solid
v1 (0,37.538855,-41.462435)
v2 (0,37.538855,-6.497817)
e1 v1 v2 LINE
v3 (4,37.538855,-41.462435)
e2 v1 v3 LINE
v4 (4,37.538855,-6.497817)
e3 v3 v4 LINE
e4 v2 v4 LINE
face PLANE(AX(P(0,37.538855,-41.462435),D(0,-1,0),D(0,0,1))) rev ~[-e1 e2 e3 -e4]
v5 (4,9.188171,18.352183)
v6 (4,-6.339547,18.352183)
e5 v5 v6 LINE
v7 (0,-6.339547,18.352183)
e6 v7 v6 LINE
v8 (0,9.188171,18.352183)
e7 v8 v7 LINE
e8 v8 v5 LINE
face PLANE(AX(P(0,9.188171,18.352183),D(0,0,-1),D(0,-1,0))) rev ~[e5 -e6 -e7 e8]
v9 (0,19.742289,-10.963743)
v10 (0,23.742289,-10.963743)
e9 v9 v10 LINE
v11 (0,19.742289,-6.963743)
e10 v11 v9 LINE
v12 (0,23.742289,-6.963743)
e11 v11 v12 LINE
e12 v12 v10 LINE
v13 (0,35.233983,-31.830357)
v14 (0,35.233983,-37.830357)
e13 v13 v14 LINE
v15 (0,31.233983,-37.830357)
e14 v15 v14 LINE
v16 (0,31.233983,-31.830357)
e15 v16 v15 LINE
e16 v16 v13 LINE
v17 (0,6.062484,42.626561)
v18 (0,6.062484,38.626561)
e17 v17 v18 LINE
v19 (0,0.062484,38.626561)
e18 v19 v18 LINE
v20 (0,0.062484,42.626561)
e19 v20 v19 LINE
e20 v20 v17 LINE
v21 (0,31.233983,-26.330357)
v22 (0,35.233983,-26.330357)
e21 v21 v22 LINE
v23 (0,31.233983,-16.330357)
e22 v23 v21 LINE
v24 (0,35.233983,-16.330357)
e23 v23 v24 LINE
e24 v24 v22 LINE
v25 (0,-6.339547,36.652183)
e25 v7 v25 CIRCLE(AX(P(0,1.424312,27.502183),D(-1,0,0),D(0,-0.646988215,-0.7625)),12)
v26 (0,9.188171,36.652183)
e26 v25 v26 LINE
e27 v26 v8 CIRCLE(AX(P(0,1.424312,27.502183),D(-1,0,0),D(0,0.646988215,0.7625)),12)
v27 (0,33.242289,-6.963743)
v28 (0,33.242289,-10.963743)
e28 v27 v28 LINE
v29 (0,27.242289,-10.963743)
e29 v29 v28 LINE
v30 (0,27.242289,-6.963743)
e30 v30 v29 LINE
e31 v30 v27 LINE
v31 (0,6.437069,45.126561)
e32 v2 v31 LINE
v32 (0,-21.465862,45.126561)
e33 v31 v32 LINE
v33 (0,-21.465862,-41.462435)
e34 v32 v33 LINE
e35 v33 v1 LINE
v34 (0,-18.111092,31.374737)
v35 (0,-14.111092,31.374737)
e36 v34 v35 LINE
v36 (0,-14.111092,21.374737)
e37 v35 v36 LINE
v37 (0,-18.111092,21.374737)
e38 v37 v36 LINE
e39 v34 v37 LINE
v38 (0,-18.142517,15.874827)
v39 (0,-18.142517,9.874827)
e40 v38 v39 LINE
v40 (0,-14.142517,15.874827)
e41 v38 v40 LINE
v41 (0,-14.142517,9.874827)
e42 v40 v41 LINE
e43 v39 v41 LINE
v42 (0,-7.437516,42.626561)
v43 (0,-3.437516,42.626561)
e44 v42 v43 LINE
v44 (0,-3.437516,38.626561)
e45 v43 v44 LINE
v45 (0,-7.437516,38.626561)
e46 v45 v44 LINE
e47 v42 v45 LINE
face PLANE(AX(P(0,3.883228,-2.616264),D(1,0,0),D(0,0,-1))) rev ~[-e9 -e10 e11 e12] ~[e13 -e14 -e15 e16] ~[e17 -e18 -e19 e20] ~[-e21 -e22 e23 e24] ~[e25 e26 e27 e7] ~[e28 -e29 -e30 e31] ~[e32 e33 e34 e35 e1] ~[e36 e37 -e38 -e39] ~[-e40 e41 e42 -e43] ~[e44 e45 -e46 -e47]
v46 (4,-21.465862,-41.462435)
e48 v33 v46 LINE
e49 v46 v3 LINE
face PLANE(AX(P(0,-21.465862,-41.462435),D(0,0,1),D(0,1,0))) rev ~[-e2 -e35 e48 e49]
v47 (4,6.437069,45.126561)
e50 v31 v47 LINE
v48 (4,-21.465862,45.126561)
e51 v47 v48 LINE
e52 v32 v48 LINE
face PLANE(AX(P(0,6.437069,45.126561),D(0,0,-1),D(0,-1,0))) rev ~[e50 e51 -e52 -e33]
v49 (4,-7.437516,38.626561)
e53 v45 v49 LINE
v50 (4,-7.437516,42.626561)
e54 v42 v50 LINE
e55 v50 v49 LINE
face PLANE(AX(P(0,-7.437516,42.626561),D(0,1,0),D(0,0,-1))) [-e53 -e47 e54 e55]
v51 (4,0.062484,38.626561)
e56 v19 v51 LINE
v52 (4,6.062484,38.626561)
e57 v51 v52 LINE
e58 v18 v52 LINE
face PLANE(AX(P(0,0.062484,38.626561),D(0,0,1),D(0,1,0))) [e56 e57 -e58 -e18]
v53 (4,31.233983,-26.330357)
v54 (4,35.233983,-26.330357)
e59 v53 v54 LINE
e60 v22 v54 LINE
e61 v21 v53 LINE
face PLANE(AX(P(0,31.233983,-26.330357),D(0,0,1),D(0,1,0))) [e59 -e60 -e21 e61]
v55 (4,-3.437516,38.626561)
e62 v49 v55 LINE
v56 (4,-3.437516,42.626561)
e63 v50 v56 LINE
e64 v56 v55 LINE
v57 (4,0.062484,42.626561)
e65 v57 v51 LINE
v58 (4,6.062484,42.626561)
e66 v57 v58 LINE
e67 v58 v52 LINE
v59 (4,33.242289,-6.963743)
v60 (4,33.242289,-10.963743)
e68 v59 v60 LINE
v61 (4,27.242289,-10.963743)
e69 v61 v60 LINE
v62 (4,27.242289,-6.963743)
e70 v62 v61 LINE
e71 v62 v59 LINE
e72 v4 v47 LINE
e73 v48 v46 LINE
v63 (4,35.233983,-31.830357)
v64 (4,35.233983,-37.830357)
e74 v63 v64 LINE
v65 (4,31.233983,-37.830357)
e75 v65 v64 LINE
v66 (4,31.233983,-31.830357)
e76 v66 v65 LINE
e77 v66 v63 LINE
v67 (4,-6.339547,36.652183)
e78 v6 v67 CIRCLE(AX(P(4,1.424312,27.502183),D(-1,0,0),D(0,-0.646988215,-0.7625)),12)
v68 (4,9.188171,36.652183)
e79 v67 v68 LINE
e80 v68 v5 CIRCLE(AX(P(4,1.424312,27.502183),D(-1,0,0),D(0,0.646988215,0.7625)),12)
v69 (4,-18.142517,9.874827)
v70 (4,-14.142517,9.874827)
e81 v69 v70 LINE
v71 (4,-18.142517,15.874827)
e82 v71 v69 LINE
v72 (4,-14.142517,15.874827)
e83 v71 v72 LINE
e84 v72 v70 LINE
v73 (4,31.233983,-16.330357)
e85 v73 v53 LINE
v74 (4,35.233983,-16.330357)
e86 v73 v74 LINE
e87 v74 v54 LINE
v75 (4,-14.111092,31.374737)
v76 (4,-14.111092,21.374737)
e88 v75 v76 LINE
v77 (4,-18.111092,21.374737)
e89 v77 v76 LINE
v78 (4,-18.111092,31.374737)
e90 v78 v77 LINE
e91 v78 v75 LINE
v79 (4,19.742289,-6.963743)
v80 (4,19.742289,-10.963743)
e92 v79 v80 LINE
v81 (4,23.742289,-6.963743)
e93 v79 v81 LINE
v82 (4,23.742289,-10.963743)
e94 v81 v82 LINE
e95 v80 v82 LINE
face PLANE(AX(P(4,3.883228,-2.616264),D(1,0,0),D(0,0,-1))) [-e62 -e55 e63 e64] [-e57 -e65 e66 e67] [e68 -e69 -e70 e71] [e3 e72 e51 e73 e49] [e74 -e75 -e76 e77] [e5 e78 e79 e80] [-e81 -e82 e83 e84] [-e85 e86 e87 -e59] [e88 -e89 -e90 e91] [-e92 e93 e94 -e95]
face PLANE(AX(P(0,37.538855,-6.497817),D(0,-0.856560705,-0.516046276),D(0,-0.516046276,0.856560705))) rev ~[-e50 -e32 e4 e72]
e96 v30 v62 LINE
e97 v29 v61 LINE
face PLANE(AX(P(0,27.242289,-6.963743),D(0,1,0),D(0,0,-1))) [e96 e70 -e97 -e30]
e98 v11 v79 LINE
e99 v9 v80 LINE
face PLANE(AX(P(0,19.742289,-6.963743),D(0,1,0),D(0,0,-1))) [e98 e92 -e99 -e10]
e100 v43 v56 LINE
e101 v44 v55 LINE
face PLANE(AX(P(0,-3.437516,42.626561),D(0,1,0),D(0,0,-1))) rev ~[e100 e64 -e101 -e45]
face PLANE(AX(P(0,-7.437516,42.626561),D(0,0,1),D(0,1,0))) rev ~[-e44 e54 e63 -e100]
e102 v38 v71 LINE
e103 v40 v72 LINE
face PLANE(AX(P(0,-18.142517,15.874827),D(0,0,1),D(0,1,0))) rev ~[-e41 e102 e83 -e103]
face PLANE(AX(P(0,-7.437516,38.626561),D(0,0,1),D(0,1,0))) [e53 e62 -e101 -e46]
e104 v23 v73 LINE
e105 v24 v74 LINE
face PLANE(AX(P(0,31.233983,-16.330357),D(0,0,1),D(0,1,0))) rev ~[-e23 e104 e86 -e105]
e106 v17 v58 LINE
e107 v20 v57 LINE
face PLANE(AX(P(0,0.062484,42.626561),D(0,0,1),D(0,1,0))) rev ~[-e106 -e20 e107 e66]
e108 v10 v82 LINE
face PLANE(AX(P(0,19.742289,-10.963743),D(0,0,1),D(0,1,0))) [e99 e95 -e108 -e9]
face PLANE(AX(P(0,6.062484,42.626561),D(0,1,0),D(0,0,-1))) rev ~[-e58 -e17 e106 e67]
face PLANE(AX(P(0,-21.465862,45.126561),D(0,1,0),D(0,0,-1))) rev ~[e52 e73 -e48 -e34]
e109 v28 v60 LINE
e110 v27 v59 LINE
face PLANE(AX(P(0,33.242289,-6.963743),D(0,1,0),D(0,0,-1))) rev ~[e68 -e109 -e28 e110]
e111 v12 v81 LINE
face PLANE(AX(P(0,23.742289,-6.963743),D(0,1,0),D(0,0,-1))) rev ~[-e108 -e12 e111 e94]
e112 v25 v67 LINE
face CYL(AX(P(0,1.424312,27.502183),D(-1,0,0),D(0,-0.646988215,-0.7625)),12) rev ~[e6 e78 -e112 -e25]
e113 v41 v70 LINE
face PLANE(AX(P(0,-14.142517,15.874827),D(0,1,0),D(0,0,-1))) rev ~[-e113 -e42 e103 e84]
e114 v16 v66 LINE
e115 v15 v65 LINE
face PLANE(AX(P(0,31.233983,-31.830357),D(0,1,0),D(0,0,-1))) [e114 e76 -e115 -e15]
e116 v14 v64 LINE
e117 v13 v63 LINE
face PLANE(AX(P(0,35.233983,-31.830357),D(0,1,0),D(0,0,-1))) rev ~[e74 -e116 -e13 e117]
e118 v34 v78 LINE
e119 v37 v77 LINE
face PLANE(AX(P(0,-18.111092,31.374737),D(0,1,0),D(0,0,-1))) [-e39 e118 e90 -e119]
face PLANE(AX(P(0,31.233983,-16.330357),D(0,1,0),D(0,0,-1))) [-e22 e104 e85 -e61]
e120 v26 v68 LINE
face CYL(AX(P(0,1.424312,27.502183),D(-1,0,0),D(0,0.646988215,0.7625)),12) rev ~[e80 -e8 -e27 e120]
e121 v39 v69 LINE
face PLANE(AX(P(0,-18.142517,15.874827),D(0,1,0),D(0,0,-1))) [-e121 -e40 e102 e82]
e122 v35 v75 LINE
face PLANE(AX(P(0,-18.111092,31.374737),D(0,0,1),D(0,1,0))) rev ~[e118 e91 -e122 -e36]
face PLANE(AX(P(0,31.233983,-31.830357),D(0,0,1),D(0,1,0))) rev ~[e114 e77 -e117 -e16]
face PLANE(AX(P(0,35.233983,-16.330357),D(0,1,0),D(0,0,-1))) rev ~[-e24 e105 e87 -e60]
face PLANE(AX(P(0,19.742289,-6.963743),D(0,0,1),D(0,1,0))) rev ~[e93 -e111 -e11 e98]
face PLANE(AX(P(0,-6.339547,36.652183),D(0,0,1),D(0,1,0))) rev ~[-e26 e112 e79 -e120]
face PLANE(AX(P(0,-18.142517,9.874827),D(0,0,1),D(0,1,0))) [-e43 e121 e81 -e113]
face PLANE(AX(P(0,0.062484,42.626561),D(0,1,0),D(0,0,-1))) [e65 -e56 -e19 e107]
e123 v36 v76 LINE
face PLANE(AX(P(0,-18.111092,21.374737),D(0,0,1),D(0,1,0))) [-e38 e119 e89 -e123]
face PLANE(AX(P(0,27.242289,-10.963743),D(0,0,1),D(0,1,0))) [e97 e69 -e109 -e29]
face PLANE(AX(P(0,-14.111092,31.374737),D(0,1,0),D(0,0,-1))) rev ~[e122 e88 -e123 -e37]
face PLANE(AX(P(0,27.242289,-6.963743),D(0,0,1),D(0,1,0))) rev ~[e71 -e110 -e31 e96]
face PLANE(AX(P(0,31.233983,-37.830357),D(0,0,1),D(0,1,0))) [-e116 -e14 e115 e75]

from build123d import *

# Parameters (mm, degrees)
SKETCH1_W           = 10
SKETCH1_H           = 4
SKETCH1_W_2         = 4
SKETCH1_H_2         = 6
SKETCH1_W_3         = 6
BOSS_EXTRUDE1_DEPTH = 4


with BuildPart() as part:
    # Sketch1 → Boss-Extrude1 (new body)
    with BuildSketch(Plane(origin=(0, 0, 0), x_dir=(0, 0, -1), z_dir=(1, 0, 0))):
        Polygon((-45.126561272, -21.465862465), (41.462435166, -21.465862465), (41.462435166, 37.538855), (6.497816801, 37.538855), (-45.126561272, 6.437068622), align=None)
        with Locations((21.33035671, 33.233983224)):
            Rectangle(SKETCH1_W, SKETCH1_H, mode=Mode.SUBTRACT)
        with Locations((-40.626561272, 3.062484248)):
            Rectangle(SKETCH1_W_2, SKETCH1_H_2, mode=Mode.SUBTRACT)
        with Locations((-40.626561272, -5.437515752)):
            Rectangle(SKETCH1_W_2, SKETCH1_H, mode=Mode.SUBTRACT)
        with Locations((-26.374737007, -16.111091518)):
            Rectangle(SKETCH1_W, SKETCH1_H, mode=Mode.SUBTRACT)
        with Locations((-12.874826786, -16.142516965)):
            Rectangle(SKETCH1_W_3, SKETCH1_H, mode=Mode.SUBTRACT)
        with Locations((34.83035671, 33.233983224)):
            Rectangle(SKETCH1_W_3, SKETCH1_H, mode=Mode.SUBTRACT)
        with Locations((8.963743124, 30.24228943)):
            Rectangle(SKETCH1_W_2, SKETCH1_H_2, mode=Mode.SUBTRACT)
        with Locations((8.963743124, 21.74228943)):
            Rectangle(SKETCH1_W_2, SKETCH1_H, mode=Mode.SUBTRACT)
        with BuildLine():
            Line((-36.652183199, -6.33954665), (-36.652183199, 9.188170503))
            ThreePointArc((-36.652183199, 9.188170503), (-27.502183199, 13.424311927), (-18.352183199, 9.188170503))
            Line((-18.352183199, 9.188170503), (-18.352183199, -6.33954665))
            ThreePointArc((-18.352183199, -6.33954665), (-27.502183199, -10.575688073), (-36.652183199, -6.33954665))
        make_face(mode=Mode.SUBTRACT)
    extrude(amount=BOSS_EXTRUDE1_DEPTH)


solid = part.part
